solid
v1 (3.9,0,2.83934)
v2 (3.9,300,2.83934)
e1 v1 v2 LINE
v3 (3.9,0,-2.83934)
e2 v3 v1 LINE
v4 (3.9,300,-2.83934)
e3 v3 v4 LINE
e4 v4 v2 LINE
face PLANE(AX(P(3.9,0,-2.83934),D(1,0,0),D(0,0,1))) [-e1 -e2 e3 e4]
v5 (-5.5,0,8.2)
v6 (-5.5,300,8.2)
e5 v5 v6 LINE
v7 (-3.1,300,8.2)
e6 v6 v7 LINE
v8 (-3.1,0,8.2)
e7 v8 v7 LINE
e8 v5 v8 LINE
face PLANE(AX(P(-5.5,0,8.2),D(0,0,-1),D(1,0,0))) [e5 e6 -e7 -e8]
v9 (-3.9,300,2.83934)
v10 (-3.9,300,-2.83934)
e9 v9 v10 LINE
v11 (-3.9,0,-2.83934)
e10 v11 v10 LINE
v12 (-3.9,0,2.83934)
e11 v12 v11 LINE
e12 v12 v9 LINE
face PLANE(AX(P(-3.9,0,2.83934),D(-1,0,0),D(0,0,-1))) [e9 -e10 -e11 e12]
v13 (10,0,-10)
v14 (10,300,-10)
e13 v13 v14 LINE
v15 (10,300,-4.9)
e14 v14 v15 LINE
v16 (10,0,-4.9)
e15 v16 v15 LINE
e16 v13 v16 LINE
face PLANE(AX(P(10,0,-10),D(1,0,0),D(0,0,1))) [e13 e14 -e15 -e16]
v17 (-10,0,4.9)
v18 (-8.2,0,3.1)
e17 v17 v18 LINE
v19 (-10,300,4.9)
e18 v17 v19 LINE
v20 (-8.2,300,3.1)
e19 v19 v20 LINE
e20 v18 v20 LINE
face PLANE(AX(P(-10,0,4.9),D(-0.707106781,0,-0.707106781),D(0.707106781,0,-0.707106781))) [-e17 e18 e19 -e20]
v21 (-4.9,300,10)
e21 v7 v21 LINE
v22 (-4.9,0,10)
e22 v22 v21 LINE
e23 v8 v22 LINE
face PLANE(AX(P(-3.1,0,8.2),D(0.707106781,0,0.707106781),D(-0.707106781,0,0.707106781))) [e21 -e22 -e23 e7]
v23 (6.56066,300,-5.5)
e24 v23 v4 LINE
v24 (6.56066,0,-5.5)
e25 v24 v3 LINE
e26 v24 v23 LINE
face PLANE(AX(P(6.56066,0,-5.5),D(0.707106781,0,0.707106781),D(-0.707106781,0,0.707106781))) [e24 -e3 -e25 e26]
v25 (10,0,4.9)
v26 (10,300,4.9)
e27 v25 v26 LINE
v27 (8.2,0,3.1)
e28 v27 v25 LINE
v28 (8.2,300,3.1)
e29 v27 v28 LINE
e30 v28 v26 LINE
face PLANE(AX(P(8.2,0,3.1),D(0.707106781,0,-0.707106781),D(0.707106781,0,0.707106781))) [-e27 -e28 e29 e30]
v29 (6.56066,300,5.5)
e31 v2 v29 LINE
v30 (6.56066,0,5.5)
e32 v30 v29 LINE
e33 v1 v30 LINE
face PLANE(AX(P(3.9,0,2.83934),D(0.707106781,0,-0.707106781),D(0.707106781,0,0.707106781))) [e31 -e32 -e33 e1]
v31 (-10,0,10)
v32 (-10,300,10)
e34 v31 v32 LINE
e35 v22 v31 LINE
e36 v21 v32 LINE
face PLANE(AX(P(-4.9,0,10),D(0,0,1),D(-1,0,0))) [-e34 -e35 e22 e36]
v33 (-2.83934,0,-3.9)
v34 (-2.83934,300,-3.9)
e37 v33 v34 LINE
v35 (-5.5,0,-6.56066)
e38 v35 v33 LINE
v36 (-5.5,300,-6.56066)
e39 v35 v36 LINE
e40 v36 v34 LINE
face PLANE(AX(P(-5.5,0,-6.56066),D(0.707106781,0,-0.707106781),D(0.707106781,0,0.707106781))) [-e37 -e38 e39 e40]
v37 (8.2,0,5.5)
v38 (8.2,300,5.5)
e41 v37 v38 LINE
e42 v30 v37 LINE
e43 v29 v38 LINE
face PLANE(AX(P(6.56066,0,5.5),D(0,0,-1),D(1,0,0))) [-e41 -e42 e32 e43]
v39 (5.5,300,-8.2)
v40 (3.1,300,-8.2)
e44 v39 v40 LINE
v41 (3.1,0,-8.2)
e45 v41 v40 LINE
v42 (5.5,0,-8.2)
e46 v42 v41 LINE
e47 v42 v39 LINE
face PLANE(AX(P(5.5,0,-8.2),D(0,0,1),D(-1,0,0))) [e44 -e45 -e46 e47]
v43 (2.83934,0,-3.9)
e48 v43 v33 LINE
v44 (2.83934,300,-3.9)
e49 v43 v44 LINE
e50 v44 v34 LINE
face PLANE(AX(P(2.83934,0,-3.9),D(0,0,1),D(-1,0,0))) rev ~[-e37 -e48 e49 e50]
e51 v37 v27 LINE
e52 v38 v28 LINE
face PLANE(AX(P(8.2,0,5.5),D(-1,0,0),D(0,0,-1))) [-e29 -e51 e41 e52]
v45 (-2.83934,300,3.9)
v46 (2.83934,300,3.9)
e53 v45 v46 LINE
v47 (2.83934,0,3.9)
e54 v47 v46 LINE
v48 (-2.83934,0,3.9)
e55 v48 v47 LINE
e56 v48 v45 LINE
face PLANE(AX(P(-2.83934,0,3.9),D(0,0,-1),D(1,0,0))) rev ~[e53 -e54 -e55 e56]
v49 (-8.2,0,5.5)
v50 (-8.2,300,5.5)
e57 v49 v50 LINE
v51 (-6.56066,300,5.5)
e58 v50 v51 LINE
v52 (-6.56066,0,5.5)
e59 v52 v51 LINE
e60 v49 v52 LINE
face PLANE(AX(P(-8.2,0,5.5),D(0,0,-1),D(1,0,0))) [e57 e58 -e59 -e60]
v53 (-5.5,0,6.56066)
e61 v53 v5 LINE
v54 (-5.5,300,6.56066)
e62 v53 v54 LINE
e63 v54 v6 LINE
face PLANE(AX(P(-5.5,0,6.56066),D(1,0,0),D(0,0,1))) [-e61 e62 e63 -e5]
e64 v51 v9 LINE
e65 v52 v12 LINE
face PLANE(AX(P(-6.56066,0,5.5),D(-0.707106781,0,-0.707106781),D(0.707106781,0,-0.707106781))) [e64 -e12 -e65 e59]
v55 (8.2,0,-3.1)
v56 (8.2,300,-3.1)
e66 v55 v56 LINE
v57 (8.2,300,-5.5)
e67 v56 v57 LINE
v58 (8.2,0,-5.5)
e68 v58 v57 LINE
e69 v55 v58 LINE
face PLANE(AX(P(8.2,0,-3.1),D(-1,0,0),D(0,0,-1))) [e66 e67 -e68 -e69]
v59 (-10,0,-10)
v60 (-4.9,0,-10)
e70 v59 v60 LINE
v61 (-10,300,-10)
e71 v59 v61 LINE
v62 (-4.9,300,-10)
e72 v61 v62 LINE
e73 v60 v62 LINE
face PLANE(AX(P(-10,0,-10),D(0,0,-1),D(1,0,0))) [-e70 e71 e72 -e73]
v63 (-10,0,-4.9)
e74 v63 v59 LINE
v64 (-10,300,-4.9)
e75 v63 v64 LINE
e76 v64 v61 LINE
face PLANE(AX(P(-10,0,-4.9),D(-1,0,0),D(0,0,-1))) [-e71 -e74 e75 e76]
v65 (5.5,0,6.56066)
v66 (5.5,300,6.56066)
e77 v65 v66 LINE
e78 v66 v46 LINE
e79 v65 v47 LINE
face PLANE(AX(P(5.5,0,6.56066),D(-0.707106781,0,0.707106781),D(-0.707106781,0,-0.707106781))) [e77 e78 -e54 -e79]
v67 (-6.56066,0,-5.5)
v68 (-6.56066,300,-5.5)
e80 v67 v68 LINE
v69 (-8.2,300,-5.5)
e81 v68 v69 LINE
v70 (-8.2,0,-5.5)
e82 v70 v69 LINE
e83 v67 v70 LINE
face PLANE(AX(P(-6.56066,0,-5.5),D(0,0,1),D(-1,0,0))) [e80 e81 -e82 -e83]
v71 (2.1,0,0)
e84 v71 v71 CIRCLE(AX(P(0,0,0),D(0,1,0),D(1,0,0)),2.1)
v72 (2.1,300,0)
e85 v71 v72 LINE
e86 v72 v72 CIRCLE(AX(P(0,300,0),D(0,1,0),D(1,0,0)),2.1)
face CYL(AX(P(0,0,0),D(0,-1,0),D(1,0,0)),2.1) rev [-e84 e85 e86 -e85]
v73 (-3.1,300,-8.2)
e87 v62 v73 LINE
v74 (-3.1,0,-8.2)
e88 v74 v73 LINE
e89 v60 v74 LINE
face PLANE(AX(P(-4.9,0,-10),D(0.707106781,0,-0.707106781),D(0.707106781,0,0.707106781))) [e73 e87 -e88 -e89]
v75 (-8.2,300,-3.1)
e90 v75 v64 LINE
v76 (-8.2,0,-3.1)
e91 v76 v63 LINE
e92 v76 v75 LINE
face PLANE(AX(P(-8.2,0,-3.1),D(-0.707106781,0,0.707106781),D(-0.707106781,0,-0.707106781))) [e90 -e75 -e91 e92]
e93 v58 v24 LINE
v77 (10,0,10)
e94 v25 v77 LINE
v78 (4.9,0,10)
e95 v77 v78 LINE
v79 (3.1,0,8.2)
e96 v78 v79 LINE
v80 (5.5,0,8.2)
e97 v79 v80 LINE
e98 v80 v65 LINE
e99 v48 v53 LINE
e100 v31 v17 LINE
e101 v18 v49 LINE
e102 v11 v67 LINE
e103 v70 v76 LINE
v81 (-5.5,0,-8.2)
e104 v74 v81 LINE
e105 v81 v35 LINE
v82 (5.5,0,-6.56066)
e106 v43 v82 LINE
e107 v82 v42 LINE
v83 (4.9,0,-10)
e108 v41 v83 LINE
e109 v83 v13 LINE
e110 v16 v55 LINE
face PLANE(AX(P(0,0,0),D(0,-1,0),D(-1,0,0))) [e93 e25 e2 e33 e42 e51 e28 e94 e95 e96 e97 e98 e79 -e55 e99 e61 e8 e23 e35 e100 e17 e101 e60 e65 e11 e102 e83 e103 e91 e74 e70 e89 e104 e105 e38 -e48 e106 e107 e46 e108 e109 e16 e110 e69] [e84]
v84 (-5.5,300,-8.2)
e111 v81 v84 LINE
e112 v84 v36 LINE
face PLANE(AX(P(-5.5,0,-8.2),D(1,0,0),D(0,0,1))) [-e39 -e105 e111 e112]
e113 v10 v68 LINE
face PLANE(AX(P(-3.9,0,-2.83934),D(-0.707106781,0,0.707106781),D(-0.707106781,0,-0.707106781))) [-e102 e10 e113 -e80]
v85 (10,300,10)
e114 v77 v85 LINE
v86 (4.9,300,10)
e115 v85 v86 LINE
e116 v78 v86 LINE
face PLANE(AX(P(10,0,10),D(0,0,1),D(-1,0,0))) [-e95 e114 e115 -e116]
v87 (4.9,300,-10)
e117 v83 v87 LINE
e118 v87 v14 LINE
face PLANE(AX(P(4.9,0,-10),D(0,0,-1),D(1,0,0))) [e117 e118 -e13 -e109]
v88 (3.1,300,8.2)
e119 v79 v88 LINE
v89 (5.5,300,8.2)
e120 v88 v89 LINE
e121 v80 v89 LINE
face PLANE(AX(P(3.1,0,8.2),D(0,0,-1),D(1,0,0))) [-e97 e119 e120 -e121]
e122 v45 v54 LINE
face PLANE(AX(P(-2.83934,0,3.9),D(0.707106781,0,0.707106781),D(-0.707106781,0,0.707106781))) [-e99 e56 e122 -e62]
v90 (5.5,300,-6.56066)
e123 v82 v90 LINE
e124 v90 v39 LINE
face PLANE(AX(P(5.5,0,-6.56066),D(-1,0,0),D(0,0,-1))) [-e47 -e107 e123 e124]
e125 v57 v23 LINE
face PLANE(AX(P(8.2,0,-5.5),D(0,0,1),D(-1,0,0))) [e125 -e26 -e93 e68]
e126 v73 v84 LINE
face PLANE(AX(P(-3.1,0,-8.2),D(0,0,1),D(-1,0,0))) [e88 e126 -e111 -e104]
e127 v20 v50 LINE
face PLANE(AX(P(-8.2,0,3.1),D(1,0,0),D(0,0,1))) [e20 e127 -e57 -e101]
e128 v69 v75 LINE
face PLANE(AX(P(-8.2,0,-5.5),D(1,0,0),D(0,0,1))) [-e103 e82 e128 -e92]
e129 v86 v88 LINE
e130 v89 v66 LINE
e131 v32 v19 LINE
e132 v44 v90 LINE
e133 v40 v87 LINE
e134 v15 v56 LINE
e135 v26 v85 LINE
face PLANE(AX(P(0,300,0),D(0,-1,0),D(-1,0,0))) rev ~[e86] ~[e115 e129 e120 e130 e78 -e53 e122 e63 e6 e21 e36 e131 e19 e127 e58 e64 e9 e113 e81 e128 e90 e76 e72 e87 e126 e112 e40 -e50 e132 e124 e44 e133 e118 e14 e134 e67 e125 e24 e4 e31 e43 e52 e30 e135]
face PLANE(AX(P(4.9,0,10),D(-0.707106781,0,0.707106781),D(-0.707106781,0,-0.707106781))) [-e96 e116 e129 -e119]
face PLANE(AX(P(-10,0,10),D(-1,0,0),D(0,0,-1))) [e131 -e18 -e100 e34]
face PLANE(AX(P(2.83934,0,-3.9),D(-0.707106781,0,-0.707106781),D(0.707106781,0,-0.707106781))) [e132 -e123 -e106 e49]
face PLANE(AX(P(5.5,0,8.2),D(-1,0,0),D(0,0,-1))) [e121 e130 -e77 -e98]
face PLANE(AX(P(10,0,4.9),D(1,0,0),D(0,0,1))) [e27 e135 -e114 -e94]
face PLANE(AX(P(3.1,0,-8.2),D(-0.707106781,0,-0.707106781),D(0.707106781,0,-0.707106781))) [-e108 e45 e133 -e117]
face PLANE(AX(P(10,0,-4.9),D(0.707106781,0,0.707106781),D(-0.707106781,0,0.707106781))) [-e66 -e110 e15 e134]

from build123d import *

# Parameters (mm, degrees)
SKETCH_1_R      = 2.1
EXTRUDE_1_DEPTH = 300


with BuildPart() as part:
    # 草图1 → 凸台-拉伸1 (new body)
    with BuildSketch(Plane(origin=(0, 0, 0), x_dir=(1, 0, 0), z_dir=(0, 1, 0))):
        Polygon((-10, 10), (-4.9, 10), (-3.1, 8.2), (-5.5, 8.2), (-5.5, 6.560660172), (-2.839339828, 3.9), (0, 3.9), (2.839339828, 3.9), (5.5, 6.560660172), (5.5, 8.2), (3.1, 8.2), (4.9, 10), (10, 10), (10, 4.9), (8.2, 3.1), (8.2, 5.5), (6.560660172, 5.5), (3.9, 2.839339828), (3.9, -2.839339828), (6.560660172, -5.5), (8.2, -5.5), (8.2, -3.1), (10, -4.9), (10, -10), (4.9, -10), (3.1, -8.2), (5.5, -8.2), (5.5, -6.560660172), (2.839339828, -3.9), (0, -3.9), (-2.839339828, -3.9), (-5.5, -6.560660172), (-5.5, -8.2), (-3.1, -8.2), (-4.9, -10), (-10, -10), (-10, -4.9), (-8.2, -3.1), (-8.2, -5.5), (-6.560660172, -5.5), (-3.9, -2.839339828), (-3.9, 2.839339828), (-6.560660172, 5.5), (-8.2, 5.5), (-8.2, 3.1), (-10, 4.9), align=None)
        Circle(SKETCH_1_R, mode=Mode.SUBTRACT)
    extrude(amount=EXTRUDE_1_DEPTH)


solid = part.part
